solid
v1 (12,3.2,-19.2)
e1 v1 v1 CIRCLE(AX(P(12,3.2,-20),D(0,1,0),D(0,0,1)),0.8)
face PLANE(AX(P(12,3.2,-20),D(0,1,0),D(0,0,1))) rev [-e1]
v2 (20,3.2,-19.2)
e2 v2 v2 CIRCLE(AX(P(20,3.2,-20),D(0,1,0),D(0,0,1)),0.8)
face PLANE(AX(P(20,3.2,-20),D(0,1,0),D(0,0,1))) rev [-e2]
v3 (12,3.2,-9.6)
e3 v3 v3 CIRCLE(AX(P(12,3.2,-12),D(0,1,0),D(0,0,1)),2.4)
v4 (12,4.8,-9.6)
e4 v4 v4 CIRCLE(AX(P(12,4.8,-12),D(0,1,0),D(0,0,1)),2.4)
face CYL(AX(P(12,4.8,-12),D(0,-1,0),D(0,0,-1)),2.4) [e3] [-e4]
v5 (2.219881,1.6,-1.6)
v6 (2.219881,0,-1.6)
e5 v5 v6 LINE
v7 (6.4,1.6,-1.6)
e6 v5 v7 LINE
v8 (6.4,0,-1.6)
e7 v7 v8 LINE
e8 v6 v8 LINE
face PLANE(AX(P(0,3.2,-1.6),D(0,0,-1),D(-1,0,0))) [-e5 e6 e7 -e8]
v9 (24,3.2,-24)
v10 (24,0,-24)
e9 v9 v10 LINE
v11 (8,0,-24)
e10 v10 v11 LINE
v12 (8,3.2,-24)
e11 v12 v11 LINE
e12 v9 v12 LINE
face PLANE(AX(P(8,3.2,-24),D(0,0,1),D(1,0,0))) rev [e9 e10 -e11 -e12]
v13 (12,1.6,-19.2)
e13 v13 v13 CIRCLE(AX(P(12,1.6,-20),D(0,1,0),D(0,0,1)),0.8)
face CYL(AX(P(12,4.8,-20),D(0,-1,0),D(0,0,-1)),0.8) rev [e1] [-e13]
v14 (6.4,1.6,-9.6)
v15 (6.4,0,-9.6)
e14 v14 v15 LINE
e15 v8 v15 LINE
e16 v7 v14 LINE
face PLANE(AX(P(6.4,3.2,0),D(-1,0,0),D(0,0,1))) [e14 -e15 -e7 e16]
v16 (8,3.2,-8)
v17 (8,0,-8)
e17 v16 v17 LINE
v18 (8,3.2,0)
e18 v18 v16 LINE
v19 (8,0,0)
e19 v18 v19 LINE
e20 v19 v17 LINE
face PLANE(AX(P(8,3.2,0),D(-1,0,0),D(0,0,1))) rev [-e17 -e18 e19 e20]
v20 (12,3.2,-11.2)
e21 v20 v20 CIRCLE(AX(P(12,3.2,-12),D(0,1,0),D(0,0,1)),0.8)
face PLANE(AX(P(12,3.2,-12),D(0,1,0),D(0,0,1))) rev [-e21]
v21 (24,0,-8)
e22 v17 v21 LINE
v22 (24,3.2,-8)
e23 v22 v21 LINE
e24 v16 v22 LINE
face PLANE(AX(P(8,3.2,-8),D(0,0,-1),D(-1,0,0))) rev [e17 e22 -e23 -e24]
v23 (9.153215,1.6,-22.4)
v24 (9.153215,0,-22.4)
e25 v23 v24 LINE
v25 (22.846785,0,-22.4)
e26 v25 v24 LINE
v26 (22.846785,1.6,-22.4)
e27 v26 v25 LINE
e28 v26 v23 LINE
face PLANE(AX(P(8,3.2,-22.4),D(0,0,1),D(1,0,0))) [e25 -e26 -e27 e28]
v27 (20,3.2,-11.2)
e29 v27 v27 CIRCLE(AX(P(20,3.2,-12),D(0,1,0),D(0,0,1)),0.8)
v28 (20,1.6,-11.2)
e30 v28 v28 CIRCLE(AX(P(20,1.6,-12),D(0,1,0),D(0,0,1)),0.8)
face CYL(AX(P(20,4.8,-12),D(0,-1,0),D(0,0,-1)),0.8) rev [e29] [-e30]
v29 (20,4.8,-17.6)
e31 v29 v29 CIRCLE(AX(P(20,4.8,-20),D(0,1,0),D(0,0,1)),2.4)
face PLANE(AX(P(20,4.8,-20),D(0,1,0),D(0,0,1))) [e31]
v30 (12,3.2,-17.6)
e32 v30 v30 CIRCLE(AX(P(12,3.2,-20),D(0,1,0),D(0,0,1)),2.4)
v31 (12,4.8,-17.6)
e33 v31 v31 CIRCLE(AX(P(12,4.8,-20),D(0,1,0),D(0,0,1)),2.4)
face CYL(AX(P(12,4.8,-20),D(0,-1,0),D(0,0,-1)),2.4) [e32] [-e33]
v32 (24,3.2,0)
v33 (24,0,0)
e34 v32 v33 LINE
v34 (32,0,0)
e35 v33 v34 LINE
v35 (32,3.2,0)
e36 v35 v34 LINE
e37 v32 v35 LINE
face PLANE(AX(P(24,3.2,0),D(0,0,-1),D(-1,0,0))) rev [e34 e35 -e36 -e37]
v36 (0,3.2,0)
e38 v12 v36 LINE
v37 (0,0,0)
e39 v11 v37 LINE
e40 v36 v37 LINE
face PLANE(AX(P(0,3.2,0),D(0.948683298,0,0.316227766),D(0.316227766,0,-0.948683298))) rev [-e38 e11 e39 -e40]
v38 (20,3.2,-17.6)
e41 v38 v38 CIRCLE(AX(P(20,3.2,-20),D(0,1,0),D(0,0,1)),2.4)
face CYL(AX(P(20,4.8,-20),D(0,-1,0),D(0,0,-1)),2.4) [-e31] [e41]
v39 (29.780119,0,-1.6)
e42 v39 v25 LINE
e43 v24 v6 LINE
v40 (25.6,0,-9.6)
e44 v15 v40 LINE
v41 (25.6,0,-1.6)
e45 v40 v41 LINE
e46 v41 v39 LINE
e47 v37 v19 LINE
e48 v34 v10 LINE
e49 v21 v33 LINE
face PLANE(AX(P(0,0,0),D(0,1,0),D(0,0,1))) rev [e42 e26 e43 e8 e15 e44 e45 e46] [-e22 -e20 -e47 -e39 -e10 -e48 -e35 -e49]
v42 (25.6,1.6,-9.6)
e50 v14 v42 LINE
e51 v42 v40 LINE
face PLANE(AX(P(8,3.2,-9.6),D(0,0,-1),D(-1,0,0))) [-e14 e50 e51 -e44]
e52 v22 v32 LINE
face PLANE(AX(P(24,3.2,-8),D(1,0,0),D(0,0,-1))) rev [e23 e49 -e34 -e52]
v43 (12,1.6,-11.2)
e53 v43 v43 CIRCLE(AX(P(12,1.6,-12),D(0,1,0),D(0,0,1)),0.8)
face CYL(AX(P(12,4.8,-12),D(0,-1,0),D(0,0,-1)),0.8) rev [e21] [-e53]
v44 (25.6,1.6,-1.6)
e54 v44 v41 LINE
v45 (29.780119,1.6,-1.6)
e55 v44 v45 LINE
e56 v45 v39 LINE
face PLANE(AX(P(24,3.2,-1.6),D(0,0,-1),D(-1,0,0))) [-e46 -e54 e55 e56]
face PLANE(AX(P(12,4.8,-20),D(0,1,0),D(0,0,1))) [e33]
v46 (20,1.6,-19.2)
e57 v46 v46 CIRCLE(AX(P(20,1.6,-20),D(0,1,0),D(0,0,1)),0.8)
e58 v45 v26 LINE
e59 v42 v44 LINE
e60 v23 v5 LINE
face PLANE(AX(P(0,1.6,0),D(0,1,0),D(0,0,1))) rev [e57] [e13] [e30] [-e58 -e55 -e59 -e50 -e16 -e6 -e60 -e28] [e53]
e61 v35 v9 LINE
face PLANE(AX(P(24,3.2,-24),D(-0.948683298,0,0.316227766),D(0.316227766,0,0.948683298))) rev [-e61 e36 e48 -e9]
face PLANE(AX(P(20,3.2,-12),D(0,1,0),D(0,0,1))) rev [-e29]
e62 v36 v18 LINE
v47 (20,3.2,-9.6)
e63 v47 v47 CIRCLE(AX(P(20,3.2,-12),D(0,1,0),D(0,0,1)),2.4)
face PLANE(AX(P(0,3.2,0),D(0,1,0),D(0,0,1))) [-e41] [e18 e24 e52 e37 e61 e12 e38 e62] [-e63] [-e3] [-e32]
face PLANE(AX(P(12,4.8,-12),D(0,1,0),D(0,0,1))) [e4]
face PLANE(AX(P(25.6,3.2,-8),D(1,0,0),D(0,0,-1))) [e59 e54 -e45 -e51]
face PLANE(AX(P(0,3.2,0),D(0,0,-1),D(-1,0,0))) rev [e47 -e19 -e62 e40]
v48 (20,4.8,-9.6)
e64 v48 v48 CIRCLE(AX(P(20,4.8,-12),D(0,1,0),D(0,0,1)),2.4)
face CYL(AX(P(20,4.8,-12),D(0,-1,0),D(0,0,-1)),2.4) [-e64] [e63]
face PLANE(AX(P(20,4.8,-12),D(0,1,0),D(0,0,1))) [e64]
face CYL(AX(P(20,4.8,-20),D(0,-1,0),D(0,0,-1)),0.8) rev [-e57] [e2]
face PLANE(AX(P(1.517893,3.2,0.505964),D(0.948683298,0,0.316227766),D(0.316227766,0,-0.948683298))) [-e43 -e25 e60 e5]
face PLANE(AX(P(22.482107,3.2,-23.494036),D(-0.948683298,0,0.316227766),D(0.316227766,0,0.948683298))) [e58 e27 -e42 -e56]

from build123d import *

# Parameters (mm, degrees)
BOSS_EXTRUDE1_DEPTH  = 3.2
SKETCH2_R            = 2.4
BOSS_EXTRUDE2_DEPTH  = 1.6
LPATTERN1_COUNT      = 2
LPATTERN1_PITCH      = 8
LPATTERN1_COUNT_DIR2 = 2
LPATTERN1_PITCH_DIR2 = 8
SHELL1_T             = -1.6


with BuildPart() as part:
    # Sketch1 → Boss-Extrude1 (new body)
    with BuildSketch(Plane(origin=(0, 0, 0), x_dir=(1, 0, 0), z_dir=(0, 1, 0))):
        Polygon((0, 0), (8, 24), (24, 24), (32, 0), (24, 0), (24, 8), (8, 8), (8, 0), align=None)
    extrude(amount=BOSS_EXTRUDE1_DEPTH)

    # Sketch2 → Boss-Extrude2 (add)
    with BuildSketch(Plane(origin=(0, 3.2, 0), x_dir=(1, 0, 0), z_dir=(0, 1, 0))):
        with Locations(Location((12, 20, 0), (0, 0, 270))):
            Circle(SKETCH2_R)
    boss_extrude2 = extrude(amount=BOSS_EXTRUDE2_DEPTH)

    # LPattern1: Boss-Extrude2 2 × 2
    with Locations(*[(i * LPATTERN1_PITCH, 0, j * LPATTERN1_PITCH_DIR2) for i in range(LPATTERN1_COUNT) for j in range(LPATTERN1_COUNT_DIR2) if (i, j) != (0, 0)]):
        add(boss_extrude2)

    # Shell1
    shell1_openings = [part.faces().sort_by_distance(p)[0] for p in [
        (16, 0, -12.571428571),
    ]]
    offset(amount=SHELL1_T, openings=shell1_openings, kind=Kind.INTERSECTION)


solid = part.part
